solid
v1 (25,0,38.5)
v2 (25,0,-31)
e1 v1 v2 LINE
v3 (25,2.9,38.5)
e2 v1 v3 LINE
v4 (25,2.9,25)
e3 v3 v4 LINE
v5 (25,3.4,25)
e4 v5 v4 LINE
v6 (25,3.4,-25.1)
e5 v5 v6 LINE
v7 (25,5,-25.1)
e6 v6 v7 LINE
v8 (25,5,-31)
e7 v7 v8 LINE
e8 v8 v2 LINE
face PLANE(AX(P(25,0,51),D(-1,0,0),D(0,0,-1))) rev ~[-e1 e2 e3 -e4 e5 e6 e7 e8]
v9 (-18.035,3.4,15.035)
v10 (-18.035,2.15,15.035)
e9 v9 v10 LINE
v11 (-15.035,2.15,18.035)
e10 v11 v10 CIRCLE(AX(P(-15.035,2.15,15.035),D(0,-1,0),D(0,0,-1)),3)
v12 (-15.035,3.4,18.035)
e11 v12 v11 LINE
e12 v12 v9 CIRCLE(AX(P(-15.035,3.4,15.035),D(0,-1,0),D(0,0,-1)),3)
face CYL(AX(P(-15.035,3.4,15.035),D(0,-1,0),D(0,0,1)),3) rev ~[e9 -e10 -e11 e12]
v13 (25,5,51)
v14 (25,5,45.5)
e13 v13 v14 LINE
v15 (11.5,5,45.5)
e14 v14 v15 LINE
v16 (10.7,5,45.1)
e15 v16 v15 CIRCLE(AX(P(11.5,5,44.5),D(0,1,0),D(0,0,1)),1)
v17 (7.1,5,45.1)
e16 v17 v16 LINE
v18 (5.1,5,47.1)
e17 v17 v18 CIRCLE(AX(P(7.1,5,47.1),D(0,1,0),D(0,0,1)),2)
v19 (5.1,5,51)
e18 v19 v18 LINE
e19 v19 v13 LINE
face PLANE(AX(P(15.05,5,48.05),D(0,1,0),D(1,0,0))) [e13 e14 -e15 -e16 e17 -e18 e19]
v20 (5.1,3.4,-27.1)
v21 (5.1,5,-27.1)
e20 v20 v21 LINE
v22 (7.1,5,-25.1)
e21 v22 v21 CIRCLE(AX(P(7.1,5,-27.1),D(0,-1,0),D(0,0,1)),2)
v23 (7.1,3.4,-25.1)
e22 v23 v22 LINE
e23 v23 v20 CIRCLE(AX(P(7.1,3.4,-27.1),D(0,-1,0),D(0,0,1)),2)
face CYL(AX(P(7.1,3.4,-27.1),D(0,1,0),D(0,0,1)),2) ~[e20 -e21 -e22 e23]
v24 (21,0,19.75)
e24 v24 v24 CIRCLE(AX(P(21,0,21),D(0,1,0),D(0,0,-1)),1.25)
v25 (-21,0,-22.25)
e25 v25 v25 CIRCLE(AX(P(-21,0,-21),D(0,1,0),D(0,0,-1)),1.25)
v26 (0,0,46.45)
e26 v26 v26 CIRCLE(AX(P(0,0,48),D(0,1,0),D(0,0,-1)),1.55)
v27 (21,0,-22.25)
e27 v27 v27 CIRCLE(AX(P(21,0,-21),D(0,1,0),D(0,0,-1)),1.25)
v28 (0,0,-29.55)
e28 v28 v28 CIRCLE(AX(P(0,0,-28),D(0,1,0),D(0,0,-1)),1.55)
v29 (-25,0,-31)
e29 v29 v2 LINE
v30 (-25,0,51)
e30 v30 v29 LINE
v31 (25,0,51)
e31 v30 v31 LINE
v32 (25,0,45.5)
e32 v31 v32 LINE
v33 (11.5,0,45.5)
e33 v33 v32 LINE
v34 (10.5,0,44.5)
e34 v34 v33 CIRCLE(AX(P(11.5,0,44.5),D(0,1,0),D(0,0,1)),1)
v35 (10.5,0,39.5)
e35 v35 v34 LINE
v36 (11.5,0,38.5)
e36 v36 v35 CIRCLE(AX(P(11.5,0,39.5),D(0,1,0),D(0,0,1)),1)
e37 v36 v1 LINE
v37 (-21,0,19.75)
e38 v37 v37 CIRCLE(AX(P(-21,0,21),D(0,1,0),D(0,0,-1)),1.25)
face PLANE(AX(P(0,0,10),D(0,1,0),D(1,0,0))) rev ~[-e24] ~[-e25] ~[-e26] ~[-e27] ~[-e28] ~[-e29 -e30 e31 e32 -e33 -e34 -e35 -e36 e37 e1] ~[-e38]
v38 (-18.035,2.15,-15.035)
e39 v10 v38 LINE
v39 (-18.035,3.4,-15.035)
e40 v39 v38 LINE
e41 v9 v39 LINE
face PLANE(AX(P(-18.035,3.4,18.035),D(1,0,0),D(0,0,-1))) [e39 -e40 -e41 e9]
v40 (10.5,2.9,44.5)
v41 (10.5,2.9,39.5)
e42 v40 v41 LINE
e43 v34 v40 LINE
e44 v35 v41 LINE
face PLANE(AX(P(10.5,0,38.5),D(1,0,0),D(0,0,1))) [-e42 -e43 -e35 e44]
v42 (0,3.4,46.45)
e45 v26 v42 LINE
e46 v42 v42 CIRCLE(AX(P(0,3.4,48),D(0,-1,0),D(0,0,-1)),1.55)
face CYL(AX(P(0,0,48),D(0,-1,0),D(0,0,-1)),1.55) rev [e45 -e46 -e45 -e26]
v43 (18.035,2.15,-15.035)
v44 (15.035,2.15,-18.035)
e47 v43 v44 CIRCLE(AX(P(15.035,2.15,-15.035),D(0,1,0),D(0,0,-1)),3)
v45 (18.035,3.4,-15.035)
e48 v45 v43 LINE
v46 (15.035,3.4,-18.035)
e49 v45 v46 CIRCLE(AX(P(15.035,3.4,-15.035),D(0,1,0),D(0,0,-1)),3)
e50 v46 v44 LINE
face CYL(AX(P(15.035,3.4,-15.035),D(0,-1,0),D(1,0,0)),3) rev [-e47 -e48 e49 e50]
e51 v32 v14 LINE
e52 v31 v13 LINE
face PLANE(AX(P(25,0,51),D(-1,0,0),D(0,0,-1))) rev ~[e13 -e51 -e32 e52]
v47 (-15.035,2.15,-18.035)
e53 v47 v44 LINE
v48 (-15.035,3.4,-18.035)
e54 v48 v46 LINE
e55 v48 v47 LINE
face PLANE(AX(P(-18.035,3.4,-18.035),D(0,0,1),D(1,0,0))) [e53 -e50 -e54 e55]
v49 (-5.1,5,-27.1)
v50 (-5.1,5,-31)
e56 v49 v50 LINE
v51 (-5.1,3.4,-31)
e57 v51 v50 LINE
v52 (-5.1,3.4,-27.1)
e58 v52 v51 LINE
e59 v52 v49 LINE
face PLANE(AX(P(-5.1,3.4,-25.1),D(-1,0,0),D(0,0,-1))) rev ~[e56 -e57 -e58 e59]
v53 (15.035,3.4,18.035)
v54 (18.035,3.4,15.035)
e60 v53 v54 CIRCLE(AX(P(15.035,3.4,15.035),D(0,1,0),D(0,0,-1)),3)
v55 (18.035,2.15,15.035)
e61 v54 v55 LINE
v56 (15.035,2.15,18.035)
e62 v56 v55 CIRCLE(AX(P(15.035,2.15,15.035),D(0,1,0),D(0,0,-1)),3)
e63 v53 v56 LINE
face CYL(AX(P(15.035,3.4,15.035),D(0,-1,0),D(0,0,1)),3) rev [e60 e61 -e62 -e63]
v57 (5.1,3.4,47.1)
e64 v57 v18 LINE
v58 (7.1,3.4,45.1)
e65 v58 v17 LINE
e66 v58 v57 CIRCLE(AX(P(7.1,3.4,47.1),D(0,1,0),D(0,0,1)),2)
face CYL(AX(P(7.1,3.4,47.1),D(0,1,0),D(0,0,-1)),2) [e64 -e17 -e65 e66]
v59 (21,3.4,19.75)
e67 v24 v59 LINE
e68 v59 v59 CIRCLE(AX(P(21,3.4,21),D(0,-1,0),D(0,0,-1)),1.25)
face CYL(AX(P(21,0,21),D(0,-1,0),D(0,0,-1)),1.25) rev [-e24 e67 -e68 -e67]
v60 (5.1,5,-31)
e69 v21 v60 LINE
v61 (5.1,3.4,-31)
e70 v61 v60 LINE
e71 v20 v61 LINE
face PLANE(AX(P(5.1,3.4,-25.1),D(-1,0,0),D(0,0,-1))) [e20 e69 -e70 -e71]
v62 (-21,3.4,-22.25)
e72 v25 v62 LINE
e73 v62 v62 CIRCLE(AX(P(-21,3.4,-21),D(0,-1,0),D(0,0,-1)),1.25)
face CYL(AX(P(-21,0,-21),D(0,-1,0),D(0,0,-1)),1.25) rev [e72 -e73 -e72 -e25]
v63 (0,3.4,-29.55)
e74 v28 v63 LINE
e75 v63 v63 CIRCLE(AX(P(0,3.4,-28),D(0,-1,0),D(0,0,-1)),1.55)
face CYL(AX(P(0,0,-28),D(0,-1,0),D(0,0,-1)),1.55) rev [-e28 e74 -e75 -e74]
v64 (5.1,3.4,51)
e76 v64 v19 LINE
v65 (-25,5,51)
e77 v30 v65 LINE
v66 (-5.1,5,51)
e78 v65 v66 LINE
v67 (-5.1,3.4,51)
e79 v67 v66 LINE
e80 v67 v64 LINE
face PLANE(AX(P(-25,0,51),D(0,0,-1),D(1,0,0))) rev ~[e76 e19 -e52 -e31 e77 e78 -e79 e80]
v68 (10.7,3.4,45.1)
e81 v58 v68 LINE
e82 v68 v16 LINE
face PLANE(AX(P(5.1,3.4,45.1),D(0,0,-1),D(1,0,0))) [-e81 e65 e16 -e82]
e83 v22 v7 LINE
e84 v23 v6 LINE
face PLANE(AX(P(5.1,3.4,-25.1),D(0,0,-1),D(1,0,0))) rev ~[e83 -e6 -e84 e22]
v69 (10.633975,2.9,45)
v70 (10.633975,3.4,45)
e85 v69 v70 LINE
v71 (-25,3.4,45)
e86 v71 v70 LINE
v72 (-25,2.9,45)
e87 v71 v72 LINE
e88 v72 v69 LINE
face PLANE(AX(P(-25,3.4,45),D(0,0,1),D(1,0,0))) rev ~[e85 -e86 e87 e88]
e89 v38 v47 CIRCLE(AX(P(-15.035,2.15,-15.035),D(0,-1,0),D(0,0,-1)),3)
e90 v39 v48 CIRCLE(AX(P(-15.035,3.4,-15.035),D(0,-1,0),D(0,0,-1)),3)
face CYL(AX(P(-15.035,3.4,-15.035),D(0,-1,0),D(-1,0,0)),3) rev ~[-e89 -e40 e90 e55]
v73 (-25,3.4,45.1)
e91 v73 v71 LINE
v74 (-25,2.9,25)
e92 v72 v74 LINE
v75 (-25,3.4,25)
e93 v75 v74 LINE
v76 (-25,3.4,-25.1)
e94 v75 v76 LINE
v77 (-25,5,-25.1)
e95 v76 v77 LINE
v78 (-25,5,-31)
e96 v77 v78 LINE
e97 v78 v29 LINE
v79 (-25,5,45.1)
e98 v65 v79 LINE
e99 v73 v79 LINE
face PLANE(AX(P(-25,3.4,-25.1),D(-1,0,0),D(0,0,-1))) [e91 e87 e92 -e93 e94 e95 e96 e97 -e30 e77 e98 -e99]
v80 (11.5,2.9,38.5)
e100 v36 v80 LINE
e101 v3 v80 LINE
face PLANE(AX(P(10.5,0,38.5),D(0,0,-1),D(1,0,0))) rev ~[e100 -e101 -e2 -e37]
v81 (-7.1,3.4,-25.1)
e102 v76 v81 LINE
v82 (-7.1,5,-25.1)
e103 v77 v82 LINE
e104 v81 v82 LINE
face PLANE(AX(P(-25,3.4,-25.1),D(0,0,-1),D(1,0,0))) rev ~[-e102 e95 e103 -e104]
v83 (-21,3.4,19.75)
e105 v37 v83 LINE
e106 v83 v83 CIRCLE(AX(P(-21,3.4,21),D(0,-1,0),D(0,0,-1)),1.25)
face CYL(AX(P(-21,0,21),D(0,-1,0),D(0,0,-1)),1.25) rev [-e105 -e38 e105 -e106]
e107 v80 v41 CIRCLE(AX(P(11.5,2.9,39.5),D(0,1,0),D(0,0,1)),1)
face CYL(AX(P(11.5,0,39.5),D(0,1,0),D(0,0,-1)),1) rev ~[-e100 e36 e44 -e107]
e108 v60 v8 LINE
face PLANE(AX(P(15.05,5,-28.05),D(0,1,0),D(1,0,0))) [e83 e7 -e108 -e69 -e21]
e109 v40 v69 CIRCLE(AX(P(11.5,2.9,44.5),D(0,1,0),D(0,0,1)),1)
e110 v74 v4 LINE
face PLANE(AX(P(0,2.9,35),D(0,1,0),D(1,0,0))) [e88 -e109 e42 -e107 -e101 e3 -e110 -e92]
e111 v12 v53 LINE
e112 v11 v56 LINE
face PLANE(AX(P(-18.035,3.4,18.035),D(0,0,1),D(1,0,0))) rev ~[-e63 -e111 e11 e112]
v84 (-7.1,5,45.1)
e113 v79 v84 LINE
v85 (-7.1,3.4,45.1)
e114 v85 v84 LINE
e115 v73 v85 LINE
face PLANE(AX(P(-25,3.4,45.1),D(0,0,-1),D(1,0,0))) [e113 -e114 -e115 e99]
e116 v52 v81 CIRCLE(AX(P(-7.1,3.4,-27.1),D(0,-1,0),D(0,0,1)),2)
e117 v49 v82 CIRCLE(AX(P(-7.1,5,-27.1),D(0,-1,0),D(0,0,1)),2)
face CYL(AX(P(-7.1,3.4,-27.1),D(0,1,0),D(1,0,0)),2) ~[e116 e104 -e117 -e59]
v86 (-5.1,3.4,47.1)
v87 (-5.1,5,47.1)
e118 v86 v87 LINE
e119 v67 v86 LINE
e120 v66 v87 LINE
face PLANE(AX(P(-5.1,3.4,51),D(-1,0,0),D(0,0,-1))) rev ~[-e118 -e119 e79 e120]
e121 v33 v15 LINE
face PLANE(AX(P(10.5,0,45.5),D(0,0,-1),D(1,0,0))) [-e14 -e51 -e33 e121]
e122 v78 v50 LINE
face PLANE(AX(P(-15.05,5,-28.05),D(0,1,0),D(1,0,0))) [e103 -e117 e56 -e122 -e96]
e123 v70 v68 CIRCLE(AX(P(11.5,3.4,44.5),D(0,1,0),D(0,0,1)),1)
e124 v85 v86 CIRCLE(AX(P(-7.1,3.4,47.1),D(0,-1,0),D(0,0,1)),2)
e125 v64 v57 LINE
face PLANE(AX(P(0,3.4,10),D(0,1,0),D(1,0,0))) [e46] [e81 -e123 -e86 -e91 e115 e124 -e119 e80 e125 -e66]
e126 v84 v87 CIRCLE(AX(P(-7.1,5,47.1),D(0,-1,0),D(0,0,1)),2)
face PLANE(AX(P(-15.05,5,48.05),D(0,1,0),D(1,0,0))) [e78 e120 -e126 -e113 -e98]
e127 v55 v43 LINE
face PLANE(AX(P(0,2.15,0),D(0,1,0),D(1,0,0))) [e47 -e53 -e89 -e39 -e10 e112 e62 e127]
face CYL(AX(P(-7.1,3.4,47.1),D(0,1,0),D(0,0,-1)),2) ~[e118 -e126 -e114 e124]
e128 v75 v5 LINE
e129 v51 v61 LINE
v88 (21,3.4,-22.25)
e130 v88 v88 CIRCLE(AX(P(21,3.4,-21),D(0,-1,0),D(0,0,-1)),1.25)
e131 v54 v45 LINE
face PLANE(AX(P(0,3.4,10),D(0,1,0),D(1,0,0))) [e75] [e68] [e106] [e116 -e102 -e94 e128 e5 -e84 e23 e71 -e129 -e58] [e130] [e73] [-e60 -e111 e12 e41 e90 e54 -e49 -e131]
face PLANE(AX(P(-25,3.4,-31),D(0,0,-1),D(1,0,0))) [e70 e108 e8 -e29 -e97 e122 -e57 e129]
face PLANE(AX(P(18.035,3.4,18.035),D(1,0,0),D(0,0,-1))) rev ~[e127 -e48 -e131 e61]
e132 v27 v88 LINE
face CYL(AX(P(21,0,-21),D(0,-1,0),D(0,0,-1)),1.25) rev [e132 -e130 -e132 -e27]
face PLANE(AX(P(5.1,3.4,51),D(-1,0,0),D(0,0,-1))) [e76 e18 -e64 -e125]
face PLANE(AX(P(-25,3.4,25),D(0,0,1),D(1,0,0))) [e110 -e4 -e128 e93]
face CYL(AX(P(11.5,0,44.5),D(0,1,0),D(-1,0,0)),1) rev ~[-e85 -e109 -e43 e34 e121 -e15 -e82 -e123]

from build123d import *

# Parameters (mm, degrees)
SKETCH_202_W           = 50
SKETCH_202_H           = 82
EXTRUDE_1_DEPTH        = 3.4
SKETCH_2_W             = 36.07
SKETCH_2_H             = 36.07
ADR1399KEZ_DEPTH       = 1.25
SKETCH_3_R             = 1.25
SKETCH_3_R_2           = 1.55
CUT_EXTRUDE_963_DEPTH  = 57.899560631
SKETCH_5_W             = 50
SKETCH_5_H             = 20
CUT_EXTRUDE_1417_DEPTH = 0.5
FILLET_1474_R          = 3
SKETCH_9_W             = 19.9
SKETCH_9_H             = 5.9
EXTRUDE_2_DEPTH        = 1.6
SKETCH_7_W             = 14.5
SKETCH_7_H             = 7
CUT_EXTRUDE_7_DEPTH    = 58.017541161
FILLET_3_R             = 1
FILLET_4_R             = 2


with BuildPart() as part:
    # Sketch 202 → Бобышка-Вытянуть1 (new body)
    with BuildSketch(Plane(origin=(0, 0, 0), x_dir=(1, 0, 0), z_dir=(0, 1, 0))):
        with Locations((0, -10)):
            Rectangle(SKETCH_202_W, SKETCH_202_H)
    extrude(amount=EXTRUDE_1_DEPTH)

    # Эскиз2 → Выемка для ADR1399KEZ (cut)
    with BuildSketch(Plane(origin=(0, 3.4, 0), x_dir=(1, 0, 0), z_dir=(0, 1, 0))):
        Rectangle(SKETCH_2_W, SKETCH_2_H)
    extrude(amount=-ADR1399KEZ_DEPTH, mode=Mode.SUBTRACT)

    # Эскиз3 → Cut-Extrude 963 (cut, through all)
    with BuildSketch(Plane(origin=(0, 0, 0), x_dir=(1, 0, 0), z_dir=(0, 1, 0))):
        with Locations(Location((-21, 21, 0), (0, 0, 90))):
            Circle(SKETCH_3_R)
        with Locations(Location((21, 21, 0), (0, 0, 90))):
            Circle(SKETCH_3_R)
        with Locations(Location((-21, -21, 0), (0, 0, 90))):
            Circle(SKETCH_3_R)
        with Locations(Location((21, -21, 0), (0, 0, 90))):
            Circle(SKETCH_3_R)
        with Locations(Location((0, 28, 0), (0, 0, 90))):
            Circle(SKETCH_3_R_2)
        with Locations(Location((0, -48, 0), (0, 0, 90))):
            Circle(SKETCH_3_R_2)
    extrude(amount=CUT_EXTRUDE_963_DEPTH, mode=Mode.SUBTRACT)

    # Эскиз5 → Cut-Extrude 1417 (cut)
    with BuildSketch(Plane(origin=(0, 3.4, 0), x_dir=(1, 0, 0), z_dir=(0, 1, 0))):
        with Locations((0, -35)):
            Rectangle(SKETCH_5_W, SKETCH_5_H)
    extrude(amount=-CUT_EXTRUDE_1417_DEPTH, mode=Mode.SUBTRACT)

    # Fillet 1474
    fillet_1474_edges = [part.edges().sort_by_distance(p)[0] for p in [
        (18.035, 2.775, -18.035),
        (18.035, 2.775, 18.035),
        (-18.035, 2.775, 18.035),
        (-18.035, 2.775, -18.035),
    ]]
    fillet(fillet_1474_edges, radius=FILLET_1474_R)

    # Эскиз9 → Бобышка-Вытянуть2 (add)
    with BuildSketch(Plane(origin=(0, 3.4, 0), x_dir=(1, 0, 0), z_dir=(0, 1, 0))):
        with Locations((-15.05, 28.05)):
            Rectangle(SKETCH_9_W, SKETCH_9_H)
        with Locations((15.05, 28.05)):
            Rectangle(SKETCH_9_W, SKETCH_9_H)
        with Locations((-15.05, -48.05)):
            Rectangle(SKETCH_9_W, SKETCH_9_H)
        with Locations((15.05, -48.05)):
            Rectangle(SKETCH_9_W, SKETCH_9_H)
    extrude(amount=EXTRUDE_2_DEPTH)

    # Эскиз7 → Вырез-Вытянуть7 (cut, through all)
    with BuildSketch(Plane.XZ):
        with Locations((17.75, 42)):
            Rectangle(SKETCH_7_W, SKETCH_7_H)
    extrude(amount=-CUT_EXTRUDE_7_DEPTH, mode=Mode.SUBTRACT)

    # Скругление3
    fillet_3_edges = [part.edges().sort_by_distance(p)[0] for p in [
        (10.5, 1.45, 38.5),
        (10.5, 2.5, 45.5),
    ]]
    fillet(fillet_3_edges, radius=FILLET_3_R)

    # Скругление4
    fillet_4_edges = [part.edges().sort_by_distance(p)[0] for p in [
        (5.1, 4.2, -25.1),
        (-5.1, 4.2, 45.1),
        (5.1, 4.2, 45.1),
        (-5.1, 4.2, -25.1),
    ]]
    fillet(fillet_4_edges, radius=FILLET_4_R)


solid = part.part
